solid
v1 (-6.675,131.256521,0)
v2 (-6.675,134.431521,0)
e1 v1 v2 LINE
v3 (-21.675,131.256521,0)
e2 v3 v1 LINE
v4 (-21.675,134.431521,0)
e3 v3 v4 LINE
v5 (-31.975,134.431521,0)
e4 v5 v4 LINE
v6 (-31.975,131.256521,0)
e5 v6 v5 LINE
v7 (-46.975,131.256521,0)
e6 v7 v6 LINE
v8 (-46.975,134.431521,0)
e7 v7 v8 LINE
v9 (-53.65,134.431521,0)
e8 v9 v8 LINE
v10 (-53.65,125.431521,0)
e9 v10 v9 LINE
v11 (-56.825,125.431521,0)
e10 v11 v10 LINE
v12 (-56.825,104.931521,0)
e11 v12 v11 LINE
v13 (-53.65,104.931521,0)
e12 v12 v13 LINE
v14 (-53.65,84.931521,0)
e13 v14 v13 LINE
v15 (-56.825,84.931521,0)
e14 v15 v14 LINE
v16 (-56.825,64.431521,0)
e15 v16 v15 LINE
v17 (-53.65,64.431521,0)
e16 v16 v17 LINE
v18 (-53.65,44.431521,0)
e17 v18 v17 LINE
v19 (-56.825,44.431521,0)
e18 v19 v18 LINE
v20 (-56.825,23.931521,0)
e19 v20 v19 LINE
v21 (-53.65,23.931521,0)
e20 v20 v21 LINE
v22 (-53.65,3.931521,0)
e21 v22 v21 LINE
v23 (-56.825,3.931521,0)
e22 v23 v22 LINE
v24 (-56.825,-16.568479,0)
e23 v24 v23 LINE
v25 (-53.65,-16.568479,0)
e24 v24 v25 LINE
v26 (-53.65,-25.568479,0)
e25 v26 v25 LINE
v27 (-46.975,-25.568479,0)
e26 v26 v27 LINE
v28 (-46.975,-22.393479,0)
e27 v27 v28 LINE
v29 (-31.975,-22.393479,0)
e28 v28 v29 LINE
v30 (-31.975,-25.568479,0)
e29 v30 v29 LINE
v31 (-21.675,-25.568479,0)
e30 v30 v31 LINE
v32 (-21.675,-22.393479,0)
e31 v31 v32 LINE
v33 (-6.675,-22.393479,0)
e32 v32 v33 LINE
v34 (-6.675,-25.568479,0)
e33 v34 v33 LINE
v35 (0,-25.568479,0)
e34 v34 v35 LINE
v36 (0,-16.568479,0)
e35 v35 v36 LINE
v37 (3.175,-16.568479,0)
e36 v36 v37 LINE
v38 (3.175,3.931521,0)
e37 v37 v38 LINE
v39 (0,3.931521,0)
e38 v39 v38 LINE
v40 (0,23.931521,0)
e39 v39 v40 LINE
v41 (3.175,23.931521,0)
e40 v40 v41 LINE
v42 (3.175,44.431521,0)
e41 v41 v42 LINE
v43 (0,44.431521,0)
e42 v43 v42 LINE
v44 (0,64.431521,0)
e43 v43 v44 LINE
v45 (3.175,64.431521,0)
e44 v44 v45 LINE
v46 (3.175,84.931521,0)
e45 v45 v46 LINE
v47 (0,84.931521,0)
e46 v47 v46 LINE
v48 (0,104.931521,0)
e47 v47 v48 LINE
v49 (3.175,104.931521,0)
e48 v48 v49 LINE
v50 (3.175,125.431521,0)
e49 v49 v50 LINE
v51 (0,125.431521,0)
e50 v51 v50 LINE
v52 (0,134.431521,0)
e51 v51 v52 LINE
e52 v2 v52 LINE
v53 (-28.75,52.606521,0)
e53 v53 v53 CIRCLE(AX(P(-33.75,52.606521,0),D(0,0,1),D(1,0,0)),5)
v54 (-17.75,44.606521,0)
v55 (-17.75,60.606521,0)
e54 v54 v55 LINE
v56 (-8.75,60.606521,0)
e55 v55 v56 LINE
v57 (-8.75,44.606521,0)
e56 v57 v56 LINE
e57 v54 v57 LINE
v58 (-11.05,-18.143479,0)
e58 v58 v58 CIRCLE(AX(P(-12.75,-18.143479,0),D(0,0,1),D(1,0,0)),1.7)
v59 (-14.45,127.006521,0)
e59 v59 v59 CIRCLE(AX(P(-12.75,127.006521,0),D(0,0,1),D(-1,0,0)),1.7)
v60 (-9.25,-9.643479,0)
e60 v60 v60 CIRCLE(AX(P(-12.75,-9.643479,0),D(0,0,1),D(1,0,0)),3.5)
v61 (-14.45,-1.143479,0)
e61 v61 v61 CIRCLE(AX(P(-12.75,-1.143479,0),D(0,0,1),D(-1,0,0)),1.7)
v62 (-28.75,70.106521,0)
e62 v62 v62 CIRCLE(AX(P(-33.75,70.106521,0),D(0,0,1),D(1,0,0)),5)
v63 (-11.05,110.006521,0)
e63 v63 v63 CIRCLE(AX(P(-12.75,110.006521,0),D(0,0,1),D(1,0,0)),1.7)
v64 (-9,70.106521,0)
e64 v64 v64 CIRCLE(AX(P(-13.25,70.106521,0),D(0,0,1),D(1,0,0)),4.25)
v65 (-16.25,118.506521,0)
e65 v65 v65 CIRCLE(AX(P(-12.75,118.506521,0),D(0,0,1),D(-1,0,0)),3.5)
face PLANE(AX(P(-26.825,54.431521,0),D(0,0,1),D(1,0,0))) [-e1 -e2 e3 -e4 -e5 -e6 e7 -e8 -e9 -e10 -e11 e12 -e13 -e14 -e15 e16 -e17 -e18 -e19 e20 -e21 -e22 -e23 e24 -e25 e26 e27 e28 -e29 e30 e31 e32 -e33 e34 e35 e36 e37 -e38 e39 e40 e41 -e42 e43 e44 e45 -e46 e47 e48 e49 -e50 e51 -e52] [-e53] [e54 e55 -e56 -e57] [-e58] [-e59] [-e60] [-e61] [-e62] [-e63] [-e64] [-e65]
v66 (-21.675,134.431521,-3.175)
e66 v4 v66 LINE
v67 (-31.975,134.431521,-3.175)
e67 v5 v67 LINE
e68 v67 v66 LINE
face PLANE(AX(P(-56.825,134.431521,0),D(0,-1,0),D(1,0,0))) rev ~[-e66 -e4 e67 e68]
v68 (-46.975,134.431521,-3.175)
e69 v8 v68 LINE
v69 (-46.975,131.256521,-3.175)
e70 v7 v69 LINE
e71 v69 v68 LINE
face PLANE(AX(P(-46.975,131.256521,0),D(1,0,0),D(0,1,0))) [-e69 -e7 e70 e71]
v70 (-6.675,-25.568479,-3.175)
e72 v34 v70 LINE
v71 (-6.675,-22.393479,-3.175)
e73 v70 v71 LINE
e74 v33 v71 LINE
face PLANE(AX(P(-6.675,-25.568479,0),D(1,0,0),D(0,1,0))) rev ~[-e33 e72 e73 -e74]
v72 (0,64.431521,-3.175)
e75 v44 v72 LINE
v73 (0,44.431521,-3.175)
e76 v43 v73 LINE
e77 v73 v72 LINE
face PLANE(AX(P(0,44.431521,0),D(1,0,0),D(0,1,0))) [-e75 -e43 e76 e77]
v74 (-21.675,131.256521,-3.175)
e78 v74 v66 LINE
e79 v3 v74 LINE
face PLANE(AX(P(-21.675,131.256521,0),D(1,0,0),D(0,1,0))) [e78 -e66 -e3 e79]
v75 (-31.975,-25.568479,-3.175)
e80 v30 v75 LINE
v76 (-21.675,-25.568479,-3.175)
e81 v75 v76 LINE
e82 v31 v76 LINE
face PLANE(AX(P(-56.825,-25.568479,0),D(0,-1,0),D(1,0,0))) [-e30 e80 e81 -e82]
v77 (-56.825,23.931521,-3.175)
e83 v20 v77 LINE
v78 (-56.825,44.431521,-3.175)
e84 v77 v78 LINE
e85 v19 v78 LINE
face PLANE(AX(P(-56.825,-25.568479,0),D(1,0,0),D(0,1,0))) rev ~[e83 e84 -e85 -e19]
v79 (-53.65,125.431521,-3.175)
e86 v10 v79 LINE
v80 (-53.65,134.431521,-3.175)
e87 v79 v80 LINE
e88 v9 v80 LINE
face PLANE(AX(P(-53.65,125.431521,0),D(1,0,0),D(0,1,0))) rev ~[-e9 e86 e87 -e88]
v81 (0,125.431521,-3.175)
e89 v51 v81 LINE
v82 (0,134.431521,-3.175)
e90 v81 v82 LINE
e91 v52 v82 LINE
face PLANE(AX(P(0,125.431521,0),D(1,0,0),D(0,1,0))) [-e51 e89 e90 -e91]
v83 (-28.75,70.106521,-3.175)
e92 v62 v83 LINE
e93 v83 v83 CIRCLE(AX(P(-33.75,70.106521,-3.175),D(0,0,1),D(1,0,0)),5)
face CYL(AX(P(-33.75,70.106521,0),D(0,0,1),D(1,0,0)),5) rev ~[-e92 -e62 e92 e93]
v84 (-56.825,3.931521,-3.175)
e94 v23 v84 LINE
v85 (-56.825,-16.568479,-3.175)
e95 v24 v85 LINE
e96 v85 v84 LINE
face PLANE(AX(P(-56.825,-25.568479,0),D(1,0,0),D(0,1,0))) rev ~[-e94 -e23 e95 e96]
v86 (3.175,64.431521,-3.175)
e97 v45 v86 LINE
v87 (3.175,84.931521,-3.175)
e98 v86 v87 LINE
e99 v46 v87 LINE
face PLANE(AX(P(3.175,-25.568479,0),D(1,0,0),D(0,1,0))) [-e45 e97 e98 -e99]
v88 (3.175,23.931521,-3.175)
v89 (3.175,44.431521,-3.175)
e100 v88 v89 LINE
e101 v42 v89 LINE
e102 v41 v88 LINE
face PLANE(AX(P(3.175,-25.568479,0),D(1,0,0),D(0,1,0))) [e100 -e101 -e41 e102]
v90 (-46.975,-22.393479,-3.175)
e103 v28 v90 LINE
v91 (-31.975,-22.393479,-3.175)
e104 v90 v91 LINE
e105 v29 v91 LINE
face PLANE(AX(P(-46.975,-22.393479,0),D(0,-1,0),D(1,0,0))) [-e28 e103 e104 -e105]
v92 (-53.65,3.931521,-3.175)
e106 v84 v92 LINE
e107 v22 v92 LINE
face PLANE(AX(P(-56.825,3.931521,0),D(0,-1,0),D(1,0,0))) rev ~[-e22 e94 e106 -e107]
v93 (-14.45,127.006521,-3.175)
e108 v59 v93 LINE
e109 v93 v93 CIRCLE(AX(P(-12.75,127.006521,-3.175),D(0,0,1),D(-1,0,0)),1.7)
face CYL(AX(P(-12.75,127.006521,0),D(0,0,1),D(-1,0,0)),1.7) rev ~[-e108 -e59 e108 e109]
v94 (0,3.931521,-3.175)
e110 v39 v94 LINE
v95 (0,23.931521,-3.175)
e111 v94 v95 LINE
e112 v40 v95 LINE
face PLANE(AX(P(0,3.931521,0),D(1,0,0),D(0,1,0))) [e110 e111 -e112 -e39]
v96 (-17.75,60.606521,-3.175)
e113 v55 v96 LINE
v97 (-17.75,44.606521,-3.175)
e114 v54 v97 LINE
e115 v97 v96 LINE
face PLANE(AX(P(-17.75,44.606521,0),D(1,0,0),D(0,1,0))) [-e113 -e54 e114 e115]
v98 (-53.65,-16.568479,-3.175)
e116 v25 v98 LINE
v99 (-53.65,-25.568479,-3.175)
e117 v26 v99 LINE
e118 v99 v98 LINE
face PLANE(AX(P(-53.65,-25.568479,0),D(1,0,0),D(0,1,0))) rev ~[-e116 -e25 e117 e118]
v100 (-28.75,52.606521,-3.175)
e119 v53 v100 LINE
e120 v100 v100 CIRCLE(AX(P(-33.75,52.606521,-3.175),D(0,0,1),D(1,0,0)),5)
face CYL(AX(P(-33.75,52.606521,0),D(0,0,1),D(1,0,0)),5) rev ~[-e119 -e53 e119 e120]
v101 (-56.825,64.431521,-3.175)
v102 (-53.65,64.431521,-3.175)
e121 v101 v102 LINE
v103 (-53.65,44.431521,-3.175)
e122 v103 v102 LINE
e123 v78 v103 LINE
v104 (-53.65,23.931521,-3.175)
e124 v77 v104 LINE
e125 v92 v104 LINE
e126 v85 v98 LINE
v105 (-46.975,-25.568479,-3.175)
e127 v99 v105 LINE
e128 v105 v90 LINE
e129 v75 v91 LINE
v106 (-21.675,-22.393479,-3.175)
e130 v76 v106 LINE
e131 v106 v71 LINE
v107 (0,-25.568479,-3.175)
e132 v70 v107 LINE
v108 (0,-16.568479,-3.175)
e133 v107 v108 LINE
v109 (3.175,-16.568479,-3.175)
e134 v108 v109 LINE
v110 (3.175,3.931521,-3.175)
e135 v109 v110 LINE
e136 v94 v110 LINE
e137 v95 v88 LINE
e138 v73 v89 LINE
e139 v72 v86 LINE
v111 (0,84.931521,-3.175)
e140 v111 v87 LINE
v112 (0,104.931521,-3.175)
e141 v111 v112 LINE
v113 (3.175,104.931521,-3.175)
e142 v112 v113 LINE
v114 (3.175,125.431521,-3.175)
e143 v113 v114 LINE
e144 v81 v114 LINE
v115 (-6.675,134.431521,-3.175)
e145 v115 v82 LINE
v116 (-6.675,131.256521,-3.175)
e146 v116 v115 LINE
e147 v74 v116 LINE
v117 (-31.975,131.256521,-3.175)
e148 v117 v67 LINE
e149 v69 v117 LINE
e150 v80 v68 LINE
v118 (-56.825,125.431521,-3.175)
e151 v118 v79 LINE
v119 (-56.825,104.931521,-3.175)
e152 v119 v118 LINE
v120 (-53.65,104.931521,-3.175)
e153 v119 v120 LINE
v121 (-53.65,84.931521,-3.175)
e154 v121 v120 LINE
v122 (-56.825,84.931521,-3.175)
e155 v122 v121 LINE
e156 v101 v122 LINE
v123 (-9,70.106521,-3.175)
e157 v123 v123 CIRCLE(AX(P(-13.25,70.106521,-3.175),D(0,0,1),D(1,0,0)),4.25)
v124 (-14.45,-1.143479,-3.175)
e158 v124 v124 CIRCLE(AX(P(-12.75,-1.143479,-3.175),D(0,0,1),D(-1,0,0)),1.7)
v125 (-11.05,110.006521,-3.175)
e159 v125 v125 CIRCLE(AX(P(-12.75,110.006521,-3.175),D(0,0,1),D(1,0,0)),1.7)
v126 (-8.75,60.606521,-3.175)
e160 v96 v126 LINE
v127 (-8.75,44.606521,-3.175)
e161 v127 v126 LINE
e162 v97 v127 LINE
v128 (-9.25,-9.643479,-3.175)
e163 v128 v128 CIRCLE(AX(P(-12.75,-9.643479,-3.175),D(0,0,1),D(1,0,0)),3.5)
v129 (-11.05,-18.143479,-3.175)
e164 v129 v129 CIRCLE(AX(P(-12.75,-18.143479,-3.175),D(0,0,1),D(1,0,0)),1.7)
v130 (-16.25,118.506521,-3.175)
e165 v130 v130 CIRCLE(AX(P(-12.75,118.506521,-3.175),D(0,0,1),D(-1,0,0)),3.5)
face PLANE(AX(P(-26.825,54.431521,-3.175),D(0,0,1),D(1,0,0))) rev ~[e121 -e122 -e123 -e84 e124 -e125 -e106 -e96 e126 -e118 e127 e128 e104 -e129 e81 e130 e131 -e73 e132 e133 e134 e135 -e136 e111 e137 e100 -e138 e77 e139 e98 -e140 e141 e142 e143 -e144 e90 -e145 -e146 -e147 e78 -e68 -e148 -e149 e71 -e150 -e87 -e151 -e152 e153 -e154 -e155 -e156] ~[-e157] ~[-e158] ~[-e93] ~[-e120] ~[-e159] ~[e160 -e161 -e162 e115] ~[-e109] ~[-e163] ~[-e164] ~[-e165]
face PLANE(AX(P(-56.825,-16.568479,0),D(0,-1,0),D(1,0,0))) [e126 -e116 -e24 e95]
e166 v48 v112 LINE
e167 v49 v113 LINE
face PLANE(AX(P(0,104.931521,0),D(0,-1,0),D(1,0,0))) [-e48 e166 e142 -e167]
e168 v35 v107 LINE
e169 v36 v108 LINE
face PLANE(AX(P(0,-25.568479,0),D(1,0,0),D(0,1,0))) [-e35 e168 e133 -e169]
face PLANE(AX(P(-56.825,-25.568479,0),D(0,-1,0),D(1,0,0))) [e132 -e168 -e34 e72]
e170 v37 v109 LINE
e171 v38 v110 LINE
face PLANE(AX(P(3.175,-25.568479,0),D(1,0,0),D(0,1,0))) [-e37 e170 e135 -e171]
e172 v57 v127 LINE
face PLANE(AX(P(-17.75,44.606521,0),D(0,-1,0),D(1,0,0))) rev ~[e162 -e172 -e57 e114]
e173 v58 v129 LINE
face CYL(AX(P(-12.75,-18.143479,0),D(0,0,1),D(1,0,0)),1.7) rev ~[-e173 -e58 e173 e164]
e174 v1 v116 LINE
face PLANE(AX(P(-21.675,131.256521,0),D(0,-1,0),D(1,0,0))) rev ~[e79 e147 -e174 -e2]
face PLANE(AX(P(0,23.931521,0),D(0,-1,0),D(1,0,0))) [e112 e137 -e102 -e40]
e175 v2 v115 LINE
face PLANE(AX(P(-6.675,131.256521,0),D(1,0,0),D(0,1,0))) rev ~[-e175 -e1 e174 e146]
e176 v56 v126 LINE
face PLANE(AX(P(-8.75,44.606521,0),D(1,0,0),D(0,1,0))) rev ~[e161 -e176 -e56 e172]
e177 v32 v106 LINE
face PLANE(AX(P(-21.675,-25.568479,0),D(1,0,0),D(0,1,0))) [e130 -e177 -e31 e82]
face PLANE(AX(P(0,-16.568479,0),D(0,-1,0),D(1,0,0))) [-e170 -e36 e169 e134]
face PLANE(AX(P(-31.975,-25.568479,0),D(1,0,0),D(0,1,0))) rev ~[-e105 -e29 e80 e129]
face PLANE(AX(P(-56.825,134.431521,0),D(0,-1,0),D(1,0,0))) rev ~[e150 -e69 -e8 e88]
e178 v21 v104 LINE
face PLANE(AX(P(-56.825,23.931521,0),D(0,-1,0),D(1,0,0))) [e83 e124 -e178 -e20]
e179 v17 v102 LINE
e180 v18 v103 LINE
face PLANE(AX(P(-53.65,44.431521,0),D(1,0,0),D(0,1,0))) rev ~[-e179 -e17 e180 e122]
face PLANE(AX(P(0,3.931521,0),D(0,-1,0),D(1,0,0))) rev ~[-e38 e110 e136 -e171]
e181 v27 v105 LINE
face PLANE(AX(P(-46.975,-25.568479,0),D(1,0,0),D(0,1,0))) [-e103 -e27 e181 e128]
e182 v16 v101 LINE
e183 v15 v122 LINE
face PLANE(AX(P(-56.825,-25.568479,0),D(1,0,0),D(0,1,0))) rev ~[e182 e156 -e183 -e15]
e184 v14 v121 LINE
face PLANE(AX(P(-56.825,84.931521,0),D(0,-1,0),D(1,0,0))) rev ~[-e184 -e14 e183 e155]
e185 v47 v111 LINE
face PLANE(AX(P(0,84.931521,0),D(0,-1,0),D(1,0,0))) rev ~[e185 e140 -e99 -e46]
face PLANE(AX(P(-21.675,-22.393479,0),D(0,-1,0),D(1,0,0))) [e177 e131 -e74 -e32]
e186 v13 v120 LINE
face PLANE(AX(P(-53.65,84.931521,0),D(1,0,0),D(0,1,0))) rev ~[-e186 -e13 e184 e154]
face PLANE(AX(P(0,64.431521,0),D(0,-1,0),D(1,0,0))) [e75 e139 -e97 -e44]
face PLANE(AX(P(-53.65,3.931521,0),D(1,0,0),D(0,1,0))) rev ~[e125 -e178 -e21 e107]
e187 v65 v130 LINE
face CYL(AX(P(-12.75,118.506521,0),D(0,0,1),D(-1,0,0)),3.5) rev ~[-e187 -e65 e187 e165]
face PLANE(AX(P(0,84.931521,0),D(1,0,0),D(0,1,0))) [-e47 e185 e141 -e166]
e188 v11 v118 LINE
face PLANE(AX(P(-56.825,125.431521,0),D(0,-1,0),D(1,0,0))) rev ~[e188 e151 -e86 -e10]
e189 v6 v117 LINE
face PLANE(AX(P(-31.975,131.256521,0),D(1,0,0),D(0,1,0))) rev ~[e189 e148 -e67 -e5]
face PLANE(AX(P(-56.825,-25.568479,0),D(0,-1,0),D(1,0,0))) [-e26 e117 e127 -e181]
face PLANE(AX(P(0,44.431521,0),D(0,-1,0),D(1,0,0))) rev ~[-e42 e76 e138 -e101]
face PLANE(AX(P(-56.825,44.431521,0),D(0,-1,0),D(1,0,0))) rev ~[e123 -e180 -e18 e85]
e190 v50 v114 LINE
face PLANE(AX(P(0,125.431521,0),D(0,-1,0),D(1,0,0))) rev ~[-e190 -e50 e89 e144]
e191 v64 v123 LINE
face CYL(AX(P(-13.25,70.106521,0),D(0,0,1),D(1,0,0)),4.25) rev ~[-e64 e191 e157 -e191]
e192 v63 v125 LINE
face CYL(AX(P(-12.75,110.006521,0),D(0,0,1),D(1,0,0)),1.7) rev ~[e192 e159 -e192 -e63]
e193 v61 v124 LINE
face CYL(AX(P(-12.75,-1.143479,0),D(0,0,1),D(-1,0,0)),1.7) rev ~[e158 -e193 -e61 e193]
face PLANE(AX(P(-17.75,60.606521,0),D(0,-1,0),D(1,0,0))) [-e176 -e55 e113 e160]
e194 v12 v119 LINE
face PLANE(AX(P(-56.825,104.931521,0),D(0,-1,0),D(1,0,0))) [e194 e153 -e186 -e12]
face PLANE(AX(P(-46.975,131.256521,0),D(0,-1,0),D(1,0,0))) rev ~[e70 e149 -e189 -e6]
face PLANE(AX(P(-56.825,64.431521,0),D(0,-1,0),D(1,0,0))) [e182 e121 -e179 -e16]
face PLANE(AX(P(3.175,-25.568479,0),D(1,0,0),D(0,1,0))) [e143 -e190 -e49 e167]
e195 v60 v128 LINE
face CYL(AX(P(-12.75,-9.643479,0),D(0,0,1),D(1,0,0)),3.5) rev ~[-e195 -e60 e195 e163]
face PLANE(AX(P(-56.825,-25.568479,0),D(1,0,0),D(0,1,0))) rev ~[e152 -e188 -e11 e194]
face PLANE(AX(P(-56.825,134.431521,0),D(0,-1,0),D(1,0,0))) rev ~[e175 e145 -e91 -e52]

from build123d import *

# Parameters (mm, degrees)
SKETCH1_W           = 60
SKETCH1_H           = 160
BOSS_EXTRUDE1_DEPTH = 3.175
SKETCH4_W           = 3.175
SKETCH4_H           = 9
SKETCH4_H_2         = 20
SKETCH4_W_2         = 15
SKETCH4_H_3         = 3.175
CUT_EXTRUDE2_DEPTH  = 3.175
SKETCH5_R           = 3.5
SKETCH5_R_2         = 1.7
CUT_EXTRUDE3_DEPTH  = 3.175
SKETCH6_R           = 5
SKETCH6_R_2         = 4.25
SKETCH6_W           = 9
SKETCH6_H           = 16
CUT_EXTRUDE4_DEPTH  = 3.175


with BuildPart() as part:
    # Sketch1 → Boss-Extrude1 (new body)
    with BuildSketch(Plane.XY):
        with Locations((-26.825, 54.431521206)):
            Rectangle(SKETCH1_W, SKETCH1_H)
    extrude(amount=-BOSS_EXTRUDE1_DEPTH)

    # Sketch4 → Cut-Extrude2 (cut)
    with BuildSketch(Plane.XY):
        with Locations((1.5875, -21.068478794)):
            Rectangle(SKETCH4_W, SKETCH4_H)
        with Locations((1.5875, 13.931521206)):
            Rectangle(SKETCH4_W, SKETCH4_H_2)
        with Locations((1.5875, 54.431521206)):
            Rectangle(SKETCH4_W, SKETCH4_H_2)
        with Locations((1.5875, 94.931521206)):
            Rectangle(SKETCH4_W, SKETCH4_H_2)
        with Locations((1.5875, 129.931521206)):
            Rectangle(SKETCH4_W, SKETCH4_H)
        with Locations((-39.475, -23.980978794)):
            Rectangle(SKETCH4_W_2, SKETCH4_H_3)
        with Locations((-55.2375, 13.931521206)):
            Rectangle(SKETCH4_W, SKETCH4_H_2)
        with Locations((-55.2375, 54.431521206)):
            Rectangle(SKETCH4_W, SKETCH4_H_2)
        with Locations((-55.2375, 94.931521206)):
            Rectangle(SKETCH4_W, SKETCH4_H_2)
        with Locations((-55.2375, 129.931521206)):
            Rectangle(SKETCH4_W, SKETCH4_H)
        with Locations((-55.2375, -21.068478794)):
            Rectangle(SKETCH4_W, SKETCH4_H)
        with Locations((-14.175, -23.980978794)):
            Rectangle(SKETCH4_W_2, SKETCH4_H_3)
        with Locations((-14.175, 132.844021206)):
            Rectangle(SKETCH4_W_2, SKETCH4_H_3)
        with Locations((-39.475, 132.844021206)):
            Rectangle(SKETCH4_W_2, SKETCH4_H_3)
    extrude(amount=-CUT_EXTRUDE2_DEPTH, mode=Mode.SUBTRACT)

    # Sketch5 → Cut-Extrude3 (cut)
    with BuildSketch(Plane.XY):
        with Locations((-12.75, -9.643478794)):
            Circle(SKETCH5_R)
        with Locations((-12.75, -18.143478794)):
            Circle(SKETCH5_R_2)
        with Locations(Location((-12.75, -1.143478794, 0), (0, 0, 180))):
            Circle(SKETCH5_R_2)
        with Locations(Location((-12.75, 127.006521206, 0), (0, 0, 180))):
            Circle(SKETCH5_R_2)
        with Locations(Location((-12.75, 118.506521206, 0), (0, 0, 180))):
            Circle(SKETCH5_R)
        with Locations((-12.75, 110.006521206)):
            Circle(SKETCH5_R_2)
    extrude(amount=-CUT_EXTRUDE3_DEPTH, mode=Mode.SUBTRACT)

    # Sketch6 → Cut-Extrude4 (cut)
    with BuildSketch(Plane.XY):
        with Locations((-33.75, 52.606521206)):
            Circle(SKETCH6_R)
        with Locations((-13.25, 70.106521206)):
            Circle(SKETCH6_R_2)
        with Locations((-33.75, 70.106521206)):
            Circle(SKETCH6_R)
        with Locations((-13.25, 52.606521206)):
            Rectangle(SKETCH6_W, SKETCH6_H)
    extrude(amount=-CUT_EXTRUDE4_DEPTH, mode=Mode.SUBTRACT)


solid = part.part
